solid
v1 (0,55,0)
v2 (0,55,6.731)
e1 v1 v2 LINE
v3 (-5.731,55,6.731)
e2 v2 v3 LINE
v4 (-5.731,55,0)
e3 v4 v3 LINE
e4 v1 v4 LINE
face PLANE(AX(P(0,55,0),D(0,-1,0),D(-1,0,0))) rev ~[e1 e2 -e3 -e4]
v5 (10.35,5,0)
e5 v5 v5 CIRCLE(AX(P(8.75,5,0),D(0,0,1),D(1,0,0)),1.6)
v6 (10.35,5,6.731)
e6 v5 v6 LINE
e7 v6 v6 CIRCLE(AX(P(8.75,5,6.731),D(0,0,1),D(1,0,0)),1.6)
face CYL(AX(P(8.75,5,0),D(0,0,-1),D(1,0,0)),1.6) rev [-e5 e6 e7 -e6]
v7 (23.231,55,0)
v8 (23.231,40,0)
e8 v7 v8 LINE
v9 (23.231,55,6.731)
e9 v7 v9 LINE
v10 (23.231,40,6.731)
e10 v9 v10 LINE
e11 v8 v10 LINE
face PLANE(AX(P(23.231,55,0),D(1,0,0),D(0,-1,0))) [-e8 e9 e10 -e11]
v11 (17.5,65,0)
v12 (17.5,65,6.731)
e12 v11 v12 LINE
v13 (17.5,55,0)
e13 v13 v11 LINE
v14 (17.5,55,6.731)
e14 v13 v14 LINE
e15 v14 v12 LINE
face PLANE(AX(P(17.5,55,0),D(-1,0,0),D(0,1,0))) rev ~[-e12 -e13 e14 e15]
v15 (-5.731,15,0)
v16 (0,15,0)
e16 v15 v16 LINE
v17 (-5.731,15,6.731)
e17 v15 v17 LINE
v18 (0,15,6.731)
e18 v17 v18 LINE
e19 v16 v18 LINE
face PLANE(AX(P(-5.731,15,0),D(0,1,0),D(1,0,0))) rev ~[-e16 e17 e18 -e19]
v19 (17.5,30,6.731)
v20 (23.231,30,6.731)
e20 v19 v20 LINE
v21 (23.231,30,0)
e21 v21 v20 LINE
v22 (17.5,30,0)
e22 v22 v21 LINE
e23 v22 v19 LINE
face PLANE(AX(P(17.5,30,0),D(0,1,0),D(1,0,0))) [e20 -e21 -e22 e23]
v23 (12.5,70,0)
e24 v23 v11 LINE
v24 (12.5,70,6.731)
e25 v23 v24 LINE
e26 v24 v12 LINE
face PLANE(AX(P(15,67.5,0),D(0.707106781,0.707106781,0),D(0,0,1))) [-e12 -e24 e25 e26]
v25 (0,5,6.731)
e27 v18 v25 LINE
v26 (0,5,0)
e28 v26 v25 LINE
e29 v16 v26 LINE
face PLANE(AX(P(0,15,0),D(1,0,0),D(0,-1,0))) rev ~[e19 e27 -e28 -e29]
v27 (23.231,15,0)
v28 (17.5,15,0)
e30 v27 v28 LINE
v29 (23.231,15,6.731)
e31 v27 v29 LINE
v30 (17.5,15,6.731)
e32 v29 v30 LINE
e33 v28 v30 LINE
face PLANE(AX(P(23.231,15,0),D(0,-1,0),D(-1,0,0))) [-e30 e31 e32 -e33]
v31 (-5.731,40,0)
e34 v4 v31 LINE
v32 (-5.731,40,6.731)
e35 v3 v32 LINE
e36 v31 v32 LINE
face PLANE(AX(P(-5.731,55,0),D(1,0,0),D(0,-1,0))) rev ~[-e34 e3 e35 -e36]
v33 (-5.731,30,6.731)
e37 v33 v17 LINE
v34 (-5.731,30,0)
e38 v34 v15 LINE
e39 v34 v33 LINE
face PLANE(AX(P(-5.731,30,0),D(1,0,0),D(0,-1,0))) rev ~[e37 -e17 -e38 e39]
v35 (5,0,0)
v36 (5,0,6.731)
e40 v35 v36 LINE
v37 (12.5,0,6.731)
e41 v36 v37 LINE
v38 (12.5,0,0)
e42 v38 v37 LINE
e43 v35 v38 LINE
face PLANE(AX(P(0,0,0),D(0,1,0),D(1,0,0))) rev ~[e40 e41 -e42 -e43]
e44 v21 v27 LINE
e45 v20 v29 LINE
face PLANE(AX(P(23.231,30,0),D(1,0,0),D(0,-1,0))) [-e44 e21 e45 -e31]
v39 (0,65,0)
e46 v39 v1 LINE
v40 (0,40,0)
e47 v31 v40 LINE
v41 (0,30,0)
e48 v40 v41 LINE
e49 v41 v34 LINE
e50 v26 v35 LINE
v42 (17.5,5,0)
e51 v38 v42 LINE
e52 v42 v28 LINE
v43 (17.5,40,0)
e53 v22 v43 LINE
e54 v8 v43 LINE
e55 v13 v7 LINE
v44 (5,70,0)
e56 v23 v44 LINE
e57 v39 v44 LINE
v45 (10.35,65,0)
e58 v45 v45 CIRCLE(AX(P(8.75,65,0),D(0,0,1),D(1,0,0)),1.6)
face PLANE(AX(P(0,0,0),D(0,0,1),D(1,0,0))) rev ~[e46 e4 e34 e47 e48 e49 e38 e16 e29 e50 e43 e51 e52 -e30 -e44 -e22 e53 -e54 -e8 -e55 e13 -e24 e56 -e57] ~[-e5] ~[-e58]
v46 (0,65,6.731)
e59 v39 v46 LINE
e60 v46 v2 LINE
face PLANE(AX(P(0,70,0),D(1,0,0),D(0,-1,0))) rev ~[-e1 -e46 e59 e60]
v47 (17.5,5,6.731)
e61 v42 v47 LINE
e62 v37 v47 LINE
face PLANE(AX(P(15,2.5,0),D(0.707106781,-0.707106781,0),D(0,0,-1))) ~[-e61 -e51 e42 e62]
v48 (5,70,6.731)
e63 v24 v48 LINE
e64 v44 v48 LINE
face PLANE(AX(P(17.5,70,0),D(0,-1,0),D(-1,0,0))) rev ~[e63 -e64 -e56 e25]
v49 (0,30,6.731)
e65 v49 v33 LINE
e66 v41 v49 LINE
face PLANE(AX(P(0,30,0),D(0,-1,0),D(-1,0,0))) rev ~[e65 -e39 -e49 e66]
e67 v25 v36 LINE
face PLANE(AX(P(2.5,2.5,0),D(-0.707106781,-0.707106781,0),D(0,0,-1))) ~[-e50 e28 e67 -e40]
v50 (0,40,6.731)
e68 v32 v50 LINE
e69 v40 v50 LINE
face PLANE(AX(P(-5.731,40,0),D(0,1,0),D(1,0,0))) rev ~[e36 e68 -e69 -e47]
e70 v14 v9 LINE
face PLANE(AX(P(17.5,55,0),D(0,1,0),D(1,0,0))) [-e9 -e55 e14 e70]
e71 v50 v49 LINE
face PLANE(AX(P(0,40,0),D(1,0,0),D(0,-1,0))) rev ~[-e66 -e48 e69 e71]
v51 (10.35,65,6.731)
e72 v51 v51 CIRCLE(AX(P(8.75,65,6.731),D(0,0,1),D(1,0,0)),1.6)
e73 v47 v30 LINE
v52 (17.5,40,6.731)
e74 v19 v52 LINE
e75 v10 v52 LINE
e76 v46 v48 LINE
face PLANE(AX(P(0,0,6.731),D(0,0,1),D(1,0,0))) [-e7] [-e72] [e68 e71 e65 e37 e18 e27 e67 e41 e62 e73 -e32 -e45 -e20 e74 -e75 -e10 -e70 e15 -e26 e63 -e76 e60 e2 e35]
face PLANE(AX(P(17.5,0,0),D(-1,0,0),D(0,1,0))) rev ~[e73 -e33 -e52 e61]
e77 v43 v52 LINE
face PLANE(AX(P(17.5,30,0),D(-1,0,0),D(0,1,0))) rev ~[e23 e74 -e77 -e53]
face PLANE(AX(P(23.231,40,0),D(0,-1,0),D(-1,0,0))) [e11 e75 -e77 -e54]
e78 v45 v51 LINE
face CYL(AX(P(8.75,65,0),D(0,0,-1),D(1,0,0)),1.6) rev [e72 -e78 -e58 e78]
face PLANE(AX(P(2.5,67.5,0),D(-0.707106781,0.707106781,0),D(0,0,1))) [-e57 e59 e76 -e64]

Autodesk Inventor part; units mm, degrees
ref_plane "YZ Plane" through (0, 0, 0) normal (1, 0, 0) x (0, 1, 0)
ref_plane "XZ Plane" through (0, 0, 0) normal (0, 1, 0) x (-1, 0, 0)
ref_plane "XY Plane" through (0, 0, 0) normal (0, 0, 1) x (1, 0, 0)
sketch "Sketch1" plane through (0, 0, 0) normal (0, 0, 1) x (1, 0, 0)
  line L0 (0, 0) -> (17.5, 0)
  line L1 (17.5, 0) -> (17.5, 70)
  line L2 (17.5, 70) -> (0, 70)
  line L3 (0, 70) -> (0, 0)
  line L4 (0, 55) -> (-5.731, 55)
  line L5 (-5.731, 55) -> (-5.731, 40)
  line L6 (-5.731, 40) -> (0, 40)
  line L7 (0, 40) -> (0, 55)
  line L8 (0, 30) -> (-5.731, 30)
  line L9 (-5.731, 30) -> (-5.731, 15)
  line L10 (-5.731, 15) -> (0, 15)
  line L11 (0, 15) -> (0, 30)
  circle A0 centre (8.75, 65) radius 1.6
  circle A1 centre (8.75, 5) radius 1.6
  line L12 (17.5, 55) -> (23.231, 55)
  line L13 (23.231, 55) -> (23.231, 40)
  line L14 (23.231, 40) -> (17.5, 40)
  line L15 (17.5, 40) -> (17.5, 55)
  line L16 (17.5, 30) -> (23.231, 30)
  line L17 (23.231, 30) -> (23.231, 15)
  line L18 (23.231, 15) -> (17.5, 15)
  line L19 (17.5, 15) -> (17.5, 30)
  point P0 (8.75, 70)
  dimension "d0" = 17.5
  dimension "d1" = 70
  dimension "d2" = 15
  dimension "d3" = 5.731
  dimension "d4" = 10
  dimension "d5" = 15
  dimension "d6" = 15
  dimension "d7" = 3.2
  dimension "d8" = 5
  dimension "d9" = 5
extrude "Extrusion1" add sketch "Sketch1" along normal blind 6.731
chamfer "Chamfer1" distance 5 angle 45 4 edges at (0, 70, 3.3655) (17.5, 70, 3.3655) (0, 0, 3.3655) (17.5, 0, 3.3655)
equation "\"d5\" = d6"
equation "\"d9\" = d8"
equation "\"d10\" = THICKB"
equation "\"THICKA\" = 3.175"
equation "\"THICKB\" = 6.731"
equation "\"THICKC\" = 12.7"
equation "\"MAGDIA\" = 9.5"
equation "\"BALLDIA\" = 12"
properties part number "Air2D_Bottom"
